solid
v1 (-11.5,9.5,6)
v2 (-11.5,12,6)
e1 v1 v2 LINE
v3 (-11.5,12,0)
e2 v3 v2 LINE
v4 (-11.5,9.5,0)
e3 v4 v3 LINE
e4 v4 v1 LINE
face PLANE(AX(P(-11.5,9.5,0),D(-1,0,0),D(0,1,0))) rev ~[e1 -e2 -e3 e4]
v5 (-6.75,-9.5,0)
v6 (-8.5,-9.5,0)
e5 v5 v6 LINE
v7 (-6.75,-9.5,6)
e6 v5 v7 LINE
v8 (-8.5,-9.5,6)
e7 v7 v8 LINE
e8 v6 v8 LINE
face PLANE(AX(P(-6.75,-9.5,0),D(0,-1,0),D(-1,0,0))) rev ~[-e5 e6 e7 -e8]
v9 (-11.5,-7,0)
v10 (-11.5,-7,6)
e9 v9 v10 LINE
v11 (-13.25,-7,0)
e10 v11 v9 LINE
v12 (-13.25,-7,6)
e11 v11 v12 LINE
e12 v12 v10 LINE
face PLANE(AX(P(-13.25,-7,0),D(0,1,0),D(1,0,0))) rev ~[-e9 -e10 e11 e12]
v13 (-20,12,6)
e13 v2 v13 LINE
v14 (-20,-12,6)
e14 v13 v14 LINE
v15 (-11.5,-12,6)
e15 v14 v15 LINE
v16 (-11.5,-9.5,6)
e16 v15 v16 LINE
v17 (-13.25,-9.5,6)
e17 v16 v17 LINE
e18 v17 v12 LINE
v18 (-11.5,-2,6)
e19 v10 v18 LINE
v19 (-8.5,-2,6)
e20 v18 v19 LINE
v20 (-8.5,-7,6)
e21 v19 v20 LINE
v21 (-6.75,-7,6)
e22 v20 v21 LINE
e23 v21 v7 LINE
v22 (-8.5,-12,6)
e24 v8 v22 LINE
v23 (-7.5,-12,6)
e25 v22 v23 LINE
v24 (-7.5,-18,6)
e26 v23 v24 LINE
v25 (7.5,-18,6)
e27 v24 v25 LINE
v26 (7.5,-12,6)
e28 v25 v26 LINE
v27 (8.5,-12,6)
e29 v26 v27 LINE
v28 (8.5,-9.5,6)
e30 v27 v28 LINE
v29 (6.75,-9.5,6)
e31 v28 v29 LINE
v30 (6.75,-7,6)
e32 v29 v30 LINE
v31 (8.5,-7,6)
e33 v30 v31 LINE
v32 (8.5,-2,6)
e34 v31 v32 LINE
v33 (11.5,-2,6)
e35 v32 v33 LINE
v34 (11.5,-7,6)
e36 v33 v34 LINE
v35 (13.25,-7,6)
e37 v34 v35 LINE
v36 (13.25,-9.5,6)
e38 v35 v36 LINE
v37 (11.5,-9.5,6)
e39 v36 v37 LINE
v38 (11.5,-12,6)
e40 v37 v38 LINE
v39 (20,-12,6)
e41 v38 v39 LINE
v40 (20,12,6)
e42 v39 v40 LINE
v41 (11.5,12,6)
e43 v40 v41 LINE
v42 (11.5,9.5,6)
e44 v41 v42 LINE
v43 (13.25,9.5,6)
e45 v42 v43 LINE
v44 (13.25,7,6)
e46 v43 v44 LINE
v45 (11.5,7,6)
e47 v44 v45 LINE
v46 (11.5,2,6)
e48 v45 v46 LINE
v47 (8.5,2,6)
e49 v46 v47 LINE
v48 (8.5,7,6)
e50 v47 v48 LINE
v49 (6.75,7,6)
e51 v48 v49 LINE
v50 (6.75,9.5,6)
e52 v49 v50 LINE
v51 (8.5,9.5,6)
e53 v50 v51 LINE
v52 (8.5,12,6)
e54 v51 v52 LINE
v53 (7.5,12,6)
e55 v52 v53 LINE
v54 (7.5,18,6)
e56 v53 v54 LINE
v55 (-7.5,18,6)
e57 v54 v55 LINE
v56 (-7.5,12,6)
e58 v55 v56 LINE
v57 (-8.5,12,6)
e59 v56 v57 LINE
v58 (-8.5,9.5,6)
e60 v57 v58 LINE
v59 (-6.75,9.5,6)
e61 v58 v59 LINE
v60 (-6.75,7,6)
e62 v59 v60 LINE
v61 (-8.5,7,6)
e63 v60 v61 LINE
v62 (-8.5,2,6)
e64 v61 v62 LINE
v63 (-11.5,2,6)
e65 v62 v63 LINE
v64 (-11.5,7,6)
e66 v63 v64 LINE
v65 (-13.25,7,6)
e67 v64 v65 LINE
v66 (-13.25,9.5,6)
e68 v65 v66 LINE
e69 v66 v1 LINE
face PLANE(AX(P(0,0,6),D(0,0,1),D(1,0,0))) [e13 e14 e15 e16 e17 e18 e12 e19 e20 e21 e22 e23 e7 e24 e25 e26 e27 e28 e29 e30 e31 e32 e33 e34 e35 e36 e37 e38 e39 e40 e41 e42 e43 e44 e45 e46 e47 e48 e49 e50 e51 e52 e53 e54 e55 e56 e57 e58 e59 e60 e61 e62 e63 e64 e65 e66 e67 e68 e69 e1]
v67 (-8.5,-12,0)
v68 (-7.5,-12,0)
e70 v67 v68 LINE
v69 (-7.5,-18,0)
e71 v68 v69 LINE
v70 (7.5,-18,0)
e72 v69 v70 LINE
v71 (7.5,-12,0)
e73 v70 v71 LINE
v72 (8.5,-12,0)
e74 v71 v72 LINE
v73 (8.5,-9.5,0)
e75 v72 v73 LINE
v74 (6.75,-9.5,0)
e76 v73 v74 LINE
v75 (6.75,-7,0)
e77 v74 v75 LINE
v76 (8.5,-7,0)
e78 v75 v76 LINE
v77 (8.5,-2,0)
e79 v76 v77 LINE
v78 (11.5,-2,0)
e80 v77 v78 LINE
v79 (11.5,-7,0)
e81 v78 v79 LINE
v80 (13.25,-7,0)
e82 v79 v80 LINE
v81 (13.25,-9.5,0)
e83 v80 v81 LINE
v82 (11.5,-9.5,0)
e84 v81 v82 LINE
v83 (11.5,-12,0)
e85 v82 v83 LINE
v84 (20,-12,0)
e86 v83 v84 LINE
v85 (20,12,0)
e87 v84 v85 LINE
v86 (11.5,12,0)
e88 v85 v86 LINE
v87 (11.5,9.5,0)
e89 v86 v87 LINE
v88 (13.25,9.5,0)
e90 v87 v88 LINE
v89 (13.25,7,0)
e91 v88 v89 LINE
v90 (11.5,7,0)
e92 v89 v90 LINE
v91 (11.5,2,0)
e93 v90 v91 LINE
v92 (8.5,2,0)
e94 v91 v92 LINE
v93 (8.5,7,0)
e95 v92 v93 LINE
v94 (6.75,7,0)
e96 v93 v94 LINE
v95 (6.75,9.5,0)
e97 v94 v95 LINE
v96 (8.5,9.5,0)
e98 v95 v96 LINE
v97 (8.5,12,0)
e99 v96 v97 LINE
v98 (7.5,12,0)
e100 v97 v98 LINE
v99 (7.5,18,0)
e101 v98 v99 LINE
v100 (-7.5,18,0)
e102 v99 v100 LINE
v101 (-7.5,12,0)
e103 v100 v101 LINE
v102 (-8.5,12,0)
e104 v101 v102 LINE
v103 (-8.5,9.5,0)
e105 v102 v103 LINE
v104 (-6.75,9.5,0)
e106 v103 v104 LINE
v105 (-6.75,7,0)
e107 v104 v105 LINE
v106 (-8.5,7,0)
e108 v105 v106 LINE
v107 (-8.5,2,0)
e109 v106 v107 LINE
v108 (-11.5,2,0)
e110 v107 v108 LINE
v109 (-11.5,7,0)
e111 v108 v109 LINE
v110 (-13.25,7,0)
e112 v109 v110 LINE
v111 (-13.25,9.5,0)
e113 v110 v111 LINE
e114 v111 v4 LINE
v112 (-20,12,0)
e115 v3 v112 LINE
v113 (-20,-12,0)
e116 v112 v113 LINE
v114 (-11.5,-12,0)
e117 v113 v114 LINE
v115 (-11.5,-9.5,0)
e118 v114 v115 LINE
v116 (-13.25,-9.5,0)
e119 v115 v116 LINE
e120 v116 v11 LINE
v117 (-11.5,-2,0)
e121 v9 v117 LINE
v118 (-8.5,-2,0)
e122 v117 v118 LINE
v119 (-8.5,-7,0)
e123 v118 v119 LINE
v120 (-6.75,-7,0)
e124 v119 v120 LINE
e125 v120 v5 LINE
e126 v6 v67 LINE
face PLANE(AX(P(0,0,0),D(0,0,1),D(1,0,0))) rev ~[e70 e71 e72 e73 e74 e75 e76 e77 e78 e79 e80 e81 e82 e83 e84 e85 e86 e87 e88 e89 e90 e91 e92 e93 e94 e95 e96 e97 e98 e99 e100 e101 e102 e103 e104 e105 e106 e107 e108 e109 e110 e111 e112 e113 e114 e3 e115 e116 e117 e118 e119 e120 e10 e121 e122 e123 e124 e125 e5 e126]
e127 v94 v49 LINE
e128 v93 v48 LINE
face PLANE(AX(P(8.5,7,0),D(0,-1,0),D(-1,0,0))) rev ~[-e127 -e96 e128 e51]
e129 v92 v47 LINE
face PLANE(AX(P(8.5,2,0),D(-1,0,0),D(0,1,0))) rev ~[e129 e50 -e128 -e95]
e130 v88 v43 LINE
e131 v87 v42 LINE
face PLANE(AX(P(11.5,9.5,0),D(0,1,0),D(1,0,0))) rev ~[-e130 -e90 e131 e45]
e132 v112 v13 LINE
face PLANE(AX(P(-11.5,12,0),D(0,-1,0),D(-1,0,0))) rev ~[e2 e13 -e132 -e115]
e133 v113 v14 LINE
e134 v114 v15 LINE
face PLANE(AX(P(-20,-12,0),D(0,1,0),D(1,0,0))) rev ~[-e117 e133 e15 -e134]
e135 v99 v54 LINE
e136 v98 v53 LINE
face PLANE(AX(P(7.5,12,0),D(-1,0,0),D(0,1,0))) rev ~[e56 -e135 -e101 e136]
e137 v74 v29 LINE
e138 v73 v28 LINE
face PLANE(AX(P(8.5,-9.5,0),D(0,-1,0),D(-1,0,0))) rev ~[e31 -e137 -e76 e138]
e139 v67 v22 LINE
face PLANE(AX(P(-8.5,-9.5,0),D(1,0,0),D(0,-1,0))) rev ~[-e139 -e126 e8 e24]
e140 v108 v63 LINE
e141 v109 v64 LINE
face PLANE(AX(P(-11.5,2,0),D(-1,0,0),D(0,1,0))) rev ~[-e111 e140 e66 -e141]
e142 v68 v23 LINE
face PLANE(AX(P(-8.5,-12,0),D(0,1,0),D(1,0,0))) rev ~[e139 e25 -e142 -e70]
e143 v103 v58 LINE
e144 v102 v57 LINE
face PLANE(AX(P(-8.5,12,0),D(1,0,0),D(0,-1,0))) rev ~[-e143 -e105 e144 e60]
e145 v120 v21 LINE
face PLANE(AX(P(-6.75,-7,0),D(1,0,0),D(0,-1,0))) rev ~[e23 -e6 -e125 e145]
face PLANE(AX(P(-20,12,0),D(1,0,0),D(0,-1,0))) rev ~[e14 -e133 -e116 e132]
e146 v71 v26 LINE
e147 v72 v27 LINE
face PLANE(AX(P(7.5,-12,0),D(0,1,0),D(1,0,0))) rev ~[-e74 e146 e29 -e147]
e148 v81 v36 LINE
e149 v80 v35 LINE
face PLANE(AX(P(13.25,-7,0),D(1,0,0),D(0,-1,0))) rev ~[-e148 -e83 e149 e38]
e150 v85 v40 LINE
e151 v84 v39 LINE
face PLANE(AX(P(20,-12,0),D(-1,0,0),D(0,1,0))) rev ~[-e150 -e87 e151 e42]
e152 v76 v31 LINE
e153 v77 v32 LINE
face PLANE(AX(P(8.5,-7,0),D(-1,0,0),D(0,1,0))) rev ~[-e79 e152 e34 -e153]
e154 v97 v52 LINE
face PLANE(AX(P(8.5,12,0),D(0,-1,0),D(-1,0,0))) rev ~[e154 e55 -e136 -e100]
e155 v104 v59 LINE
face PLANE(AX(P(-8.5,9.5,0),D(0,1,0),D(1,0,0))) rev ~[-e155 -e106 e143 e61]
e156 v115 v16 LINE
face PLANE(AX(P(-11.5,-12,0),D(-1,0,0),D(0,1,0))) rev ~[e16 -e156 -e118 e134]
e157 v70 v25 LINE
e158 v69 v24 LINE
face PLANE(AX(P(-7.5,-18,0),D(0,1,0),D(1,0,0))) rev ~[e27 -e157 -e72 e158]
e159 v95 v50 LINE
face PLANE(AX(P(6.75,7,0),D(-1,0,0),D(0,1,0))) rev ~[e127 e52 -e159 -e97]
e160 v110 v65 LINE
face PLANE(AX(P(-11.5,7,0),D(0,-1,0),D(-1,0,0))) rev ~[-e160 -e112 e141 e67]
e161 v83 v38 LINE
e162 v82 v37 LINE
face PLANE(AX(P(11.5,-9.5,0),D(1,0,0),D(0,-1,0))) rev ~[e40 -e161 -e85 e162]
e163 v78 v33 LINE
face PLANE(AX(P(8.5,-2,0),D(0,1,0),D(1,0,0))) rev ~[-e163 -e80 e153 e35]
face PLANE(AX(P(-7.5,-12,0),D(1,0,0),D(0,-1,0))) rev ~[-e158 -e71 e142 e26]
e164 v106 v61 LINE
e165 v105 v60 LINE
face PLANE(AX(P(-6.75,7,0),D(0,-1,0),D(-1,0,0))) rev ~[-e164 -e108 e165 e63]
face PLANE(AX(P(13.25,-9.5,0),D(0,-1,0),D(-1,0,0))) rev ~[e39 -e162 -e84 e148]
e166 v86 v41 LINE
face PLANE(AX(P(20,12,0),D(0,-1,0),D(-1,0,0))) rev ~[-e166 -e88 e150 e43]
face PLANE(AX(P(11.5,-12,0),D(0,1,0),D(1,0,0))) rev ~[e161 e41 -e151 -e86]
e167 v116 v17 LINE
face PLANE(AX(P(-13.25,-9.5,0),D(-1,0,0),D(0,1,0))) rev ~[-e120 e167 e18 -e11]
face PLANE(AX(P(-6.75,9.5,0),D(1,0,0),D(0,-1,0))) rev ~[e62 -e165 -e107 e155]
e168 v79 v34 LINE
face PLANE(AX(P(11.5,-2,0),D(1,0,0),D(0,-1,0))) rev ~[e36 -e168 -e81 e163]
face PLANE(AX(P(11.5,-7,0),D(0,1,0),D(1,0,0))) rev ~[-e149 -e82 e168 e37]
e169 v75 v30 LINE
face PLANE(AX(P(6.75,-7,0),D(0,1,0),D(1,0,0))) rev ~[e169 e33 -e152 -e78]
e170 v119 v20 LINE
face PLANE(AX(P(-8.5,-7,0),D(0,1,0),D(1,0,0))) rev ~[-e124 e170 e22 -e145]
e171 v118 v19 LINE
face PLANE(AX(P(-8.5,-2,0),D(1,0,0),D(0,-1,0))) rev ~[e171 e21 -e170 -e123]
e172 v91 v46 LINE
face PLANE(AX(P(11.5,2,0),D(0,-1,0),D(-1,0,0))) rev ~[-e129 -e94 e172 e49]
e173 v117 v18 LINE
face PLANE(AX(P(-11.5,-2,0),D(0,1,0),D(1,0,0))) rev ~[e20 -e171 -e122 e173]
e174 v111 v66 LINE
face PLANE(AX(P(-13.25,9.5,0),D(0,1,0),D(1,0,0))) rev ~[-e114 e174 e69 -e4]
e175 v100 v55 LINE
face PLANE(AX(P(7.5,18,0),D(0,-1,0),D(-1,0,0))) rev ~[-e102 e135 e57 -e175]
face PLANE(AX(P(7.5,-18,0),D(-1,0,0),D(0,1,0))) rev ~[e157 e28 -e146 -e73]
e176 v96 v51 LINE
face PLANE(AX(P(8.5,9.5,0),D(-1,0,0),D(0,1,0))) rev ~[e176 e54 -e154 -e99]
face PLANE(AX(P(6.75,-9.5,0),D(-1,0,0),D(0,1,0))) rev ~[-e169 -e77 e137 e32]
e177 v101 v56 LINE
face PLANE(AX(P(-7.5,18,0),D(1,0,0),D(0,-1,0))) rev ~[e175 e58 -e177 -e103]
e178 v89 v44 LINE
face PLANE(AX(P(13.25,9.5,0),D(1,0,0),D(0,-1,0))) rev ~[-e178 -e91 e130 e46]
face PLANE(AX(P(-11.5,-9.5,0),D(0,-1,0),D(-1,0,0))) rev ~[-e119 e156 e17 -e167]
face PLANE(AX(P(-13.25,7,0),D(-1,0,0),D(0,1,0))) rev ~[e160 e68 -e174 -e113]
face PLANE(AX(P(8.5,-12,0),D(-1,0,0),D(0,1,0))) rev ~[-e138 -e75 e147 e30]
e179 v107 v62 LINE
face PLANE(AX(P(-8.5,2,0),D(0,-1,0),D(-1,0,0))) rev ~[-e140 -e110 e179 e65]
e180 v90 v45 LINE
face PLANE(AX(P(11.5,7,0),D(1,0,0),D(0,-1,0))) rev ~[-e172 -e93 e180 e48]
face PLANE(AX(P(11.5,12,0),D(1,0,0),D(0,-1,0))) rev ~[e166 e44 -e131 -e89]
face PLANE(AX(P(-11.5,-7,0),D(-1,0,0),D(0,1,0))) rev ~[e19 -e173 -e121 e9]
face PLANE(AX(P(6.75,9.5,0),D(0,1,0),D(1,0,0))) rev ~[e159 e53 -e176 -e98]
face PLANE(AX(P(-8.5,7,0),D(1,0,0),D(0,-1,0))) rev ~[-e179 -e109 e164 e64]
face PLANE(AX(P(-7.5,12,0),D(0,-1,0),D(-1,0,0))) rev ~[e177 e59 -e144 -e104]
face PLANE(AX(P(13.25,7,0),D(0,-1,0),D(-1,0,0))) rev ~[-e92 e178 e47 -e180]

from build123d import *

# Parameters (mm, degrees)
BOSS_EXTRUDE1_DEPTH = 6


with BuildPart() as part:
    # Sketch1 → Boss-Extrude1 (new body)
    with BuildSketch(Plane.XY):
        Polygon((-11.5, 9.5), (-11.5, 12), (-20, 12), (-20, -12), (-11.5, -12), (-11.5, -9.5), (-13.25, -9.5), (-13.25, -7), (-11.5, -7), (-11.5, -2), (-8.5, -2), (-8.5, -7), (-6.75, -7), (-6.75, -9.5), (-8.5, -9.5), (-8.5, -12), (-7.5, -12), (-7.5, -18), (7.5, -18), (7.5, -12), (8.5, -12), (8.5, -9.5), (6.75, -9.5), (6.75, -7), (8.5, -7), (8.5, -2), (11.5, -2), (11.5, -7), (13.25, -7), (13.25, -9.5), (11.5, -9.5), (11.5, -12), (20, -12), (20, 12), (11.5, 12), (11.5, 9.5), (13.25, 9.5), (13.25, 7), (11.5, 7), (11.5, 2), (8.5, 2), (8.5, 7), (6.75, 7), (6.75, 9.5), (8.5, 9.5), (8.5, 12), (7.5, 12), (7.5, 18), (-7.5, 18), (-7.5, 12), (-8.5, 12), (-8.5, 9.5), (-6.75, 9.5), (-6.75, 7), (-8.5, 7), (-8.5, 2), (-11.5, 2), (-11.5, 7), (-13.25, 7), (-13.25, 9.5), align=None)
    extrude(amount=BOSS_EXTRUDE1_DEPTH)


solid = part.part
